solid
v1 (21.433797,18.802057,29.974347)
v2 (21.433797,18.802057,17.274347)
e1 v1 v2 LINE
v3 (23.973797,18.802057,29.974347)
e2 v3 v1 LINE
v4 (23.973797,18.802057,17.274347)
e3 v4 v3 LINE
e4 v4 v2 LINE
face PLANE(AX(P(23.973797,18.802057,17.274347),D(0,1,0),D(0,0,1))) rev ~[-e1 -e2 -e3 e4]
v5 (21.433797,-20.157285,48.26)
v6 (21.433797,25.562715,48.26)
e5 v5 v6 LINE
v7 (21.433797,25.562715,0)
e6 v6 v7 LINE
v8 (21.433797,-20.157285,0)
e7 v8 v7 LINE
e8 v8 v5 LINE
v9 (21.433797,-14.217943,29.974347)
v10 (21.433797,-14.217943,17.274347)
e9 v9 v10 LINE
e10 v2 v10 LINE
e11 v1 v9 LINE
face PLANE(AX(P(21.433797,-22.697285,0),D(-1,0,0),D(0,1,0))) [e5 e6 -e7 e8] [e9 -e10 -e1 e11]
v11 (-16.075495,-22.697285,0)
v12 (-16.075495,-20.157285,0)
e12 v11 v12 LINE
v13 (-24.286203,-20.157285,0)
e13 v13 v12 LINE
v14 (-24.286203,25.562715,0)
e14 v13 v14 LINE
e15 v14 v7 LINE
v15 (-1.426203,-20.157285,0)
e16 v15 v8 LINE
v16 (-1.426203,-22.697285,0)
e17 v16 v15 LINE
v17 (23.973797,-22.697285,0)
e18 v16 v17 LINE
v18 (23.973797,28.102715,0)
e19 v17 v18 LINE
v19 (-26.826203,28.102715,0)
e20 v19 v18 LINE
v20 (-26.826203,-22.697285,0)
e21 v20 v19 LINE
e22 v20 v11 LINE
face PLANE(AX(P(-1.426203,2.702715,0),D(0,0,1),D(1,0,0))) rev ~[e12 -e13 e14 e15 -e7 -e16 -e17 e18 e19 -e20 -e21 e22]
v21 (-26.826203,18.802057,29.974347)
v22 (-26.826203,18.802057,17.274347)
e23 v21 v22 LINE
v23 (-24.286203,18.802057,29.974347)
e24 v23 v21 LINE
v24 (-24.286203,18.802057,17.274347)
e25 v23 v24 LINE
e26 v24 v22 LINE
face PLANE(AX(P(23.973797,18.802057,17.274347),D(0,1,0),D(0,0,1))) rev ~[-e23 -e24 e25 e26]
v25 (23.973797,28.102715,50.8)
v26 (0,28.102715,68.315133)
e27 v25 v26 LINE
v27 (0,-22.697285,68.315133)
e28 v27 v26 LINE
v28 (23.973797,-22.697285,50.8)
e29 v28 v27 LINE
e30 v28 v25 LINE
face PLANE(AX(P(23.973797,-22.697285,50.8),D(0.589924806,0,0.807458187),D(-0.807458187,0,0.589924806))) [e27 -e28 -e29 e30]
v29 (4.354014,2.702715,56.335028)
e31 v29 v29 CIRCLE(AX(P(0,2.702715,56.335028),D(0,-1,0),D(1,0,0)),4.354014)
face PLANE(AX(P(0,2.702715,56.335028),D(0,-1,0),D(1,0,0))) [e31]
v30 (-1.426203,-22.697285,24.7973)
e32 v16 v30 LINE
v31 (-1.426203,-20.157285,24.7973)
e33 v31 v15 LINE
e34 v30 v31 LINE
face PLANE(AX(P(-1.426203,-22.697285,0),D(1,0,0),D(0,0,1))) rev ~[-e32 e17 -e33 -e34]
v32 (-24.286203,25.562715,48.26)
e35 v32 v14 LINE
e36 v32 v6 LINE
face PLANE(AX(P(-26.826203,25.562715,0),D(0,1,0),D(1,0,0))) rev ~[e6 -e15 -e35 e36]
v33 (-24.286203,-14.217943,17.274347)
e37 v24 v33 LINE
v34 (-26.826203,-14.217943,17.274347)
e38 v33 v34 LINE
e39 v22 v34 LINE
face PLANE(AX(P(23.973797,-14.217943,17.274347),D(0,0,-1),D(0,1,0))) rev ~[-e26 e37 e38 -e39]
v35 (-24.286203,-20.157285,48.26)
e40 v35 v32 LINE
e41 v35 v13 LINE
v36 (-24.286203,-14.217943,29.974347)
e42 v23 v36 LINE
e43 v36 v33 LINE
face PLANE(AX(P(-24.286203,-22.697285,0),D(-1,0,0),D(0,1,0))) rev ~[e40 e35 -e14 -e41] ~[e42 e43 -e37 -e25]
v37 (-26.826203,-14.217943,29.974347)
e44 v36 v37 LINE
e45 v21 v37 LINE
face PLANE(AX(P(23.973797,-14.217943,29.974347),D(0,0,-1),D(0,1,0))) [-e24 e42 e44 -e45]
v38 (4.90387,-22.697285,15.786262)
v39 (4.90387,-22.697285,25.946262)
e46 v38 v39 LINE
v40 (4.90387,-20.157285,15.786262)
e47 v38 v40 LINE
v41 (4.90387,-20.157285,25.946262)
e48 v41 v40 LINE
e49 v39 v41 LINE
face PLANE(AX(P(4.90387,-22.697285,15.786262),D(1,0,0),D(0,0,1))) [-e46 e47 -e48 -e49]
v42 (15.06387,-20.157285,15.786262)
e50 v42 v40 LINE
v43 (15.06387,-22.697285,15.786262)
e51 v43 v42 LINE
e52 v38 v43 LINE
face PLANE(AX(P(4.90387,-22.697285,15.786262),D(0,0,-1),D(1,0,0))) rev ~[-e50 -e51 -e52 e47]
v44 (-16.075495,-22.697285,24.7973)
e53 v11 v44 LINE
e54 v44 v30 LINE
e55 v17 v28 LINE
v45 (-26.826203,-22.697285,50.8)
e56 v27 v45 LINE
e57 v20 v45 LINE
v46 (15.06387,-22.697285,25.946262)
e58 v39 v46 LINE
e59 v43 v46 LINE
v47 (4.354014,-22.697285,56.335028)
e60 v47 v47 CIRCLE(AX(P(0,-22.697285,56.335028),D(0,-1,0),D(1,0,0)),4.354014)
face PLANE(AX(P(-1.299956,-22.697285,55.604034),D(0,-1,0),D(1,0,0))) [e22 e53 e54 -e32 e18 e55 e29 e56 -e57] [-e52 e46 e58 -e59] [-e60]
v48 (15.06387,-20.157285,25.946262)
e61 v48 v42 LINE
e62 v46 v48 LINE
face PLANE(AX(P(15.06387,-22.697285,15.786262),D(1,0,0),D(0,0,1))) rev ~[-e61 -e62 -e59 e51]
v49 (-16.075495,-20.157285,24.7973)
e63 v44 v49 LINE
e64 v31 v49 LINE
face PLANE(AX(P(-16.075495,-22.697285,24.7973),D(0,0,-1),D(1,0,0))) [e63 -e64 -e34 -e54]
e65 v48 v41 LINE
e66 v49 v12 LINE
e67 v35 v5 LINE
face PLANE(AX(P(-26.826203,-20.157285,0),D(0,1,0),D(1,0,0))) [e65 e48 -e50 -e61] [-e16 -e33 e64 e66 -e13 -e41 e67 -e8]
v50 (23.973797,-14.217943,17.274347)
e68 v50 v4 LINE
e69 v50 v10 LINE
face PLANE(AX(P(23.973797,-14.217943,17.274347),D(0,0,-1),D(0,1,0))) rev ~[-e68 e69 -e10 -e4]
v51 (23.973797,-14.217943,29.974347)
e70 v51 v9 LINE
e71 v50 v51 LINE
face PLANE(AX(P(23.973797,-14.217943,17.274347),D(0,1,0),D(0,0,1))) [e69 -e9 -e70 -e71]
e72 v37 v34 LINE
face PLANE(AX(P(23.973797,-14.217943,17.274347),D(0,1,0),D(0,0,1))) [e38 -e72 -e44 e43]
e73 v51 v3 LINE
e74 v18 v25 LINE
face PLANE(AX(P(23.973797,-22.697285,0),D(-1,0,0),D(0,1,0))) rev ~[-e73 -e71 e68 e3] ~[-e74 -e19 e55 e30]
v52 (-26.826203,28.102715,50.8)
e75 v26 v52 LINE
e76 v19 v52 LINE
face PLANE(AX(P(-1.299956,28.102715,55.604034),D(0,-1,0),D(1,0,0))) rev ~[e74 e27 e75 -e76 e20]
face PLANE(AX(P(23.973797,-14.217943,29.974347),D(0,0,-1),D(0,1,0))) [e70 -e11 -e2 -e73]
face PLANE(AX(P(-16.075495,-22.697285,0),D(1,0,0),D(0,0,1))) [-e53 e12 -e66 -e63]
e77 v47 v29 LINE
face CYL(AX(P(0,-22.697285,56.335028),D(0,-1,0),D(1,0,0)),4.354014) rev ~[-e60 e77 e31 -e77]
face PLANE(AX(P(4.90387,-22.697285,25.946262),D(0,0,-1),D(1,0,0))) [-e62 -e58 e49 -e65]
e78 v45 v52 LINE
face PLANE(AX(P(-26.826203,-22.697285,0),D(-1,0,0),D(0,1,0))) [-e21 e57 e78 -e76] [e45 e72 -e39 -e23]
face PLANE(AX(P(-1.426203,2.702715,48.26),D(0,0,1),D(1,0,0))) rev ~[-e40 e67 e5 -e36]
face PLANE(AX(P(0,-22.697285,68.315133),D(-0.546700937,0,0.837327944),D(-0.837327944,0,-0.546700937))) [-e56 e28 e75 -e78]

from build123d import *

# Parameters (mm, degrees)
F0_W      = 50.8
F0_H      = 50.8
F1_DEPTH  = 50.8
F2_T      = -2.54
F3_W      = 14.649291
F3_H      = 24.7973
F3_W_2    = 10.16
F3_H_2    = 10.16
F4_DEPTH  = 22.352
F6_DEPTH  = 50.8
F7_W      = 33.02
F7_H      = 12.7
F8_DEPTH  = 84.836
F9_R      = 4.354014
F10_DEPTH = 25.4


with BuildPart() as f1:
    # F0 (on Top) → F1 (new body)
    with BuildSketch(Plane.XY):
        with Locations((-1.426203, 2.702715)):
            Rectangle(F0_W, F0_H)
    extrude(amount=F1_DEPTH)

    # F2
    f2_openings = [f1.faces().sort_by_distance(p)[0] for p in [
        (-1.426203, 2.702715, 0),
    ]]
    offset(amount=F2_T, openings=f2_openings)

    # F3 (on face) → F4 (cut)
    with BuildSketch(Plane.XZ.offset(22.697285)):
        with Locations((-8.750849, 12.39865)):
            Rectangle(F3_W, F3_H)
        with Locations((9.98387, 20.866262)):
            Rectangle(F3_W_2, F3_H_2)
    extrude(amount=-F4_DEPTH, mode=Mode.SUBTRACT)

    # F5 (on face) → F6 (join)
    with BuildSketch(Plane.XZ.offset(22.697285)):
        Polygon((0, 68.315133), (-26.826203, 50.8), (23.973797, 50.8), align=None)
    extrude(amount=-F6_DEPTH)

    # F7 (on face) → F8 (cut)
    with BuildSketch(Plane.YZ.offset(23.973797)):
        with Locations((2.292057, 23.624347)):
            Rectangle(F7_W, F7_H)
    extrude(amount=-F8_DEPTH, mode=Mode.SUBTRACT)

    # F9 (on face) → F10 (cut)
    with BuildSketch(Plane.XZ.offset(22.697285)):
        with Locations((0, 56.335028)):
            Circle(F9_R)
    extrude(amount=-F10_DEPTH, mode=Mode.SUBTRACT)


solid = f1.part
